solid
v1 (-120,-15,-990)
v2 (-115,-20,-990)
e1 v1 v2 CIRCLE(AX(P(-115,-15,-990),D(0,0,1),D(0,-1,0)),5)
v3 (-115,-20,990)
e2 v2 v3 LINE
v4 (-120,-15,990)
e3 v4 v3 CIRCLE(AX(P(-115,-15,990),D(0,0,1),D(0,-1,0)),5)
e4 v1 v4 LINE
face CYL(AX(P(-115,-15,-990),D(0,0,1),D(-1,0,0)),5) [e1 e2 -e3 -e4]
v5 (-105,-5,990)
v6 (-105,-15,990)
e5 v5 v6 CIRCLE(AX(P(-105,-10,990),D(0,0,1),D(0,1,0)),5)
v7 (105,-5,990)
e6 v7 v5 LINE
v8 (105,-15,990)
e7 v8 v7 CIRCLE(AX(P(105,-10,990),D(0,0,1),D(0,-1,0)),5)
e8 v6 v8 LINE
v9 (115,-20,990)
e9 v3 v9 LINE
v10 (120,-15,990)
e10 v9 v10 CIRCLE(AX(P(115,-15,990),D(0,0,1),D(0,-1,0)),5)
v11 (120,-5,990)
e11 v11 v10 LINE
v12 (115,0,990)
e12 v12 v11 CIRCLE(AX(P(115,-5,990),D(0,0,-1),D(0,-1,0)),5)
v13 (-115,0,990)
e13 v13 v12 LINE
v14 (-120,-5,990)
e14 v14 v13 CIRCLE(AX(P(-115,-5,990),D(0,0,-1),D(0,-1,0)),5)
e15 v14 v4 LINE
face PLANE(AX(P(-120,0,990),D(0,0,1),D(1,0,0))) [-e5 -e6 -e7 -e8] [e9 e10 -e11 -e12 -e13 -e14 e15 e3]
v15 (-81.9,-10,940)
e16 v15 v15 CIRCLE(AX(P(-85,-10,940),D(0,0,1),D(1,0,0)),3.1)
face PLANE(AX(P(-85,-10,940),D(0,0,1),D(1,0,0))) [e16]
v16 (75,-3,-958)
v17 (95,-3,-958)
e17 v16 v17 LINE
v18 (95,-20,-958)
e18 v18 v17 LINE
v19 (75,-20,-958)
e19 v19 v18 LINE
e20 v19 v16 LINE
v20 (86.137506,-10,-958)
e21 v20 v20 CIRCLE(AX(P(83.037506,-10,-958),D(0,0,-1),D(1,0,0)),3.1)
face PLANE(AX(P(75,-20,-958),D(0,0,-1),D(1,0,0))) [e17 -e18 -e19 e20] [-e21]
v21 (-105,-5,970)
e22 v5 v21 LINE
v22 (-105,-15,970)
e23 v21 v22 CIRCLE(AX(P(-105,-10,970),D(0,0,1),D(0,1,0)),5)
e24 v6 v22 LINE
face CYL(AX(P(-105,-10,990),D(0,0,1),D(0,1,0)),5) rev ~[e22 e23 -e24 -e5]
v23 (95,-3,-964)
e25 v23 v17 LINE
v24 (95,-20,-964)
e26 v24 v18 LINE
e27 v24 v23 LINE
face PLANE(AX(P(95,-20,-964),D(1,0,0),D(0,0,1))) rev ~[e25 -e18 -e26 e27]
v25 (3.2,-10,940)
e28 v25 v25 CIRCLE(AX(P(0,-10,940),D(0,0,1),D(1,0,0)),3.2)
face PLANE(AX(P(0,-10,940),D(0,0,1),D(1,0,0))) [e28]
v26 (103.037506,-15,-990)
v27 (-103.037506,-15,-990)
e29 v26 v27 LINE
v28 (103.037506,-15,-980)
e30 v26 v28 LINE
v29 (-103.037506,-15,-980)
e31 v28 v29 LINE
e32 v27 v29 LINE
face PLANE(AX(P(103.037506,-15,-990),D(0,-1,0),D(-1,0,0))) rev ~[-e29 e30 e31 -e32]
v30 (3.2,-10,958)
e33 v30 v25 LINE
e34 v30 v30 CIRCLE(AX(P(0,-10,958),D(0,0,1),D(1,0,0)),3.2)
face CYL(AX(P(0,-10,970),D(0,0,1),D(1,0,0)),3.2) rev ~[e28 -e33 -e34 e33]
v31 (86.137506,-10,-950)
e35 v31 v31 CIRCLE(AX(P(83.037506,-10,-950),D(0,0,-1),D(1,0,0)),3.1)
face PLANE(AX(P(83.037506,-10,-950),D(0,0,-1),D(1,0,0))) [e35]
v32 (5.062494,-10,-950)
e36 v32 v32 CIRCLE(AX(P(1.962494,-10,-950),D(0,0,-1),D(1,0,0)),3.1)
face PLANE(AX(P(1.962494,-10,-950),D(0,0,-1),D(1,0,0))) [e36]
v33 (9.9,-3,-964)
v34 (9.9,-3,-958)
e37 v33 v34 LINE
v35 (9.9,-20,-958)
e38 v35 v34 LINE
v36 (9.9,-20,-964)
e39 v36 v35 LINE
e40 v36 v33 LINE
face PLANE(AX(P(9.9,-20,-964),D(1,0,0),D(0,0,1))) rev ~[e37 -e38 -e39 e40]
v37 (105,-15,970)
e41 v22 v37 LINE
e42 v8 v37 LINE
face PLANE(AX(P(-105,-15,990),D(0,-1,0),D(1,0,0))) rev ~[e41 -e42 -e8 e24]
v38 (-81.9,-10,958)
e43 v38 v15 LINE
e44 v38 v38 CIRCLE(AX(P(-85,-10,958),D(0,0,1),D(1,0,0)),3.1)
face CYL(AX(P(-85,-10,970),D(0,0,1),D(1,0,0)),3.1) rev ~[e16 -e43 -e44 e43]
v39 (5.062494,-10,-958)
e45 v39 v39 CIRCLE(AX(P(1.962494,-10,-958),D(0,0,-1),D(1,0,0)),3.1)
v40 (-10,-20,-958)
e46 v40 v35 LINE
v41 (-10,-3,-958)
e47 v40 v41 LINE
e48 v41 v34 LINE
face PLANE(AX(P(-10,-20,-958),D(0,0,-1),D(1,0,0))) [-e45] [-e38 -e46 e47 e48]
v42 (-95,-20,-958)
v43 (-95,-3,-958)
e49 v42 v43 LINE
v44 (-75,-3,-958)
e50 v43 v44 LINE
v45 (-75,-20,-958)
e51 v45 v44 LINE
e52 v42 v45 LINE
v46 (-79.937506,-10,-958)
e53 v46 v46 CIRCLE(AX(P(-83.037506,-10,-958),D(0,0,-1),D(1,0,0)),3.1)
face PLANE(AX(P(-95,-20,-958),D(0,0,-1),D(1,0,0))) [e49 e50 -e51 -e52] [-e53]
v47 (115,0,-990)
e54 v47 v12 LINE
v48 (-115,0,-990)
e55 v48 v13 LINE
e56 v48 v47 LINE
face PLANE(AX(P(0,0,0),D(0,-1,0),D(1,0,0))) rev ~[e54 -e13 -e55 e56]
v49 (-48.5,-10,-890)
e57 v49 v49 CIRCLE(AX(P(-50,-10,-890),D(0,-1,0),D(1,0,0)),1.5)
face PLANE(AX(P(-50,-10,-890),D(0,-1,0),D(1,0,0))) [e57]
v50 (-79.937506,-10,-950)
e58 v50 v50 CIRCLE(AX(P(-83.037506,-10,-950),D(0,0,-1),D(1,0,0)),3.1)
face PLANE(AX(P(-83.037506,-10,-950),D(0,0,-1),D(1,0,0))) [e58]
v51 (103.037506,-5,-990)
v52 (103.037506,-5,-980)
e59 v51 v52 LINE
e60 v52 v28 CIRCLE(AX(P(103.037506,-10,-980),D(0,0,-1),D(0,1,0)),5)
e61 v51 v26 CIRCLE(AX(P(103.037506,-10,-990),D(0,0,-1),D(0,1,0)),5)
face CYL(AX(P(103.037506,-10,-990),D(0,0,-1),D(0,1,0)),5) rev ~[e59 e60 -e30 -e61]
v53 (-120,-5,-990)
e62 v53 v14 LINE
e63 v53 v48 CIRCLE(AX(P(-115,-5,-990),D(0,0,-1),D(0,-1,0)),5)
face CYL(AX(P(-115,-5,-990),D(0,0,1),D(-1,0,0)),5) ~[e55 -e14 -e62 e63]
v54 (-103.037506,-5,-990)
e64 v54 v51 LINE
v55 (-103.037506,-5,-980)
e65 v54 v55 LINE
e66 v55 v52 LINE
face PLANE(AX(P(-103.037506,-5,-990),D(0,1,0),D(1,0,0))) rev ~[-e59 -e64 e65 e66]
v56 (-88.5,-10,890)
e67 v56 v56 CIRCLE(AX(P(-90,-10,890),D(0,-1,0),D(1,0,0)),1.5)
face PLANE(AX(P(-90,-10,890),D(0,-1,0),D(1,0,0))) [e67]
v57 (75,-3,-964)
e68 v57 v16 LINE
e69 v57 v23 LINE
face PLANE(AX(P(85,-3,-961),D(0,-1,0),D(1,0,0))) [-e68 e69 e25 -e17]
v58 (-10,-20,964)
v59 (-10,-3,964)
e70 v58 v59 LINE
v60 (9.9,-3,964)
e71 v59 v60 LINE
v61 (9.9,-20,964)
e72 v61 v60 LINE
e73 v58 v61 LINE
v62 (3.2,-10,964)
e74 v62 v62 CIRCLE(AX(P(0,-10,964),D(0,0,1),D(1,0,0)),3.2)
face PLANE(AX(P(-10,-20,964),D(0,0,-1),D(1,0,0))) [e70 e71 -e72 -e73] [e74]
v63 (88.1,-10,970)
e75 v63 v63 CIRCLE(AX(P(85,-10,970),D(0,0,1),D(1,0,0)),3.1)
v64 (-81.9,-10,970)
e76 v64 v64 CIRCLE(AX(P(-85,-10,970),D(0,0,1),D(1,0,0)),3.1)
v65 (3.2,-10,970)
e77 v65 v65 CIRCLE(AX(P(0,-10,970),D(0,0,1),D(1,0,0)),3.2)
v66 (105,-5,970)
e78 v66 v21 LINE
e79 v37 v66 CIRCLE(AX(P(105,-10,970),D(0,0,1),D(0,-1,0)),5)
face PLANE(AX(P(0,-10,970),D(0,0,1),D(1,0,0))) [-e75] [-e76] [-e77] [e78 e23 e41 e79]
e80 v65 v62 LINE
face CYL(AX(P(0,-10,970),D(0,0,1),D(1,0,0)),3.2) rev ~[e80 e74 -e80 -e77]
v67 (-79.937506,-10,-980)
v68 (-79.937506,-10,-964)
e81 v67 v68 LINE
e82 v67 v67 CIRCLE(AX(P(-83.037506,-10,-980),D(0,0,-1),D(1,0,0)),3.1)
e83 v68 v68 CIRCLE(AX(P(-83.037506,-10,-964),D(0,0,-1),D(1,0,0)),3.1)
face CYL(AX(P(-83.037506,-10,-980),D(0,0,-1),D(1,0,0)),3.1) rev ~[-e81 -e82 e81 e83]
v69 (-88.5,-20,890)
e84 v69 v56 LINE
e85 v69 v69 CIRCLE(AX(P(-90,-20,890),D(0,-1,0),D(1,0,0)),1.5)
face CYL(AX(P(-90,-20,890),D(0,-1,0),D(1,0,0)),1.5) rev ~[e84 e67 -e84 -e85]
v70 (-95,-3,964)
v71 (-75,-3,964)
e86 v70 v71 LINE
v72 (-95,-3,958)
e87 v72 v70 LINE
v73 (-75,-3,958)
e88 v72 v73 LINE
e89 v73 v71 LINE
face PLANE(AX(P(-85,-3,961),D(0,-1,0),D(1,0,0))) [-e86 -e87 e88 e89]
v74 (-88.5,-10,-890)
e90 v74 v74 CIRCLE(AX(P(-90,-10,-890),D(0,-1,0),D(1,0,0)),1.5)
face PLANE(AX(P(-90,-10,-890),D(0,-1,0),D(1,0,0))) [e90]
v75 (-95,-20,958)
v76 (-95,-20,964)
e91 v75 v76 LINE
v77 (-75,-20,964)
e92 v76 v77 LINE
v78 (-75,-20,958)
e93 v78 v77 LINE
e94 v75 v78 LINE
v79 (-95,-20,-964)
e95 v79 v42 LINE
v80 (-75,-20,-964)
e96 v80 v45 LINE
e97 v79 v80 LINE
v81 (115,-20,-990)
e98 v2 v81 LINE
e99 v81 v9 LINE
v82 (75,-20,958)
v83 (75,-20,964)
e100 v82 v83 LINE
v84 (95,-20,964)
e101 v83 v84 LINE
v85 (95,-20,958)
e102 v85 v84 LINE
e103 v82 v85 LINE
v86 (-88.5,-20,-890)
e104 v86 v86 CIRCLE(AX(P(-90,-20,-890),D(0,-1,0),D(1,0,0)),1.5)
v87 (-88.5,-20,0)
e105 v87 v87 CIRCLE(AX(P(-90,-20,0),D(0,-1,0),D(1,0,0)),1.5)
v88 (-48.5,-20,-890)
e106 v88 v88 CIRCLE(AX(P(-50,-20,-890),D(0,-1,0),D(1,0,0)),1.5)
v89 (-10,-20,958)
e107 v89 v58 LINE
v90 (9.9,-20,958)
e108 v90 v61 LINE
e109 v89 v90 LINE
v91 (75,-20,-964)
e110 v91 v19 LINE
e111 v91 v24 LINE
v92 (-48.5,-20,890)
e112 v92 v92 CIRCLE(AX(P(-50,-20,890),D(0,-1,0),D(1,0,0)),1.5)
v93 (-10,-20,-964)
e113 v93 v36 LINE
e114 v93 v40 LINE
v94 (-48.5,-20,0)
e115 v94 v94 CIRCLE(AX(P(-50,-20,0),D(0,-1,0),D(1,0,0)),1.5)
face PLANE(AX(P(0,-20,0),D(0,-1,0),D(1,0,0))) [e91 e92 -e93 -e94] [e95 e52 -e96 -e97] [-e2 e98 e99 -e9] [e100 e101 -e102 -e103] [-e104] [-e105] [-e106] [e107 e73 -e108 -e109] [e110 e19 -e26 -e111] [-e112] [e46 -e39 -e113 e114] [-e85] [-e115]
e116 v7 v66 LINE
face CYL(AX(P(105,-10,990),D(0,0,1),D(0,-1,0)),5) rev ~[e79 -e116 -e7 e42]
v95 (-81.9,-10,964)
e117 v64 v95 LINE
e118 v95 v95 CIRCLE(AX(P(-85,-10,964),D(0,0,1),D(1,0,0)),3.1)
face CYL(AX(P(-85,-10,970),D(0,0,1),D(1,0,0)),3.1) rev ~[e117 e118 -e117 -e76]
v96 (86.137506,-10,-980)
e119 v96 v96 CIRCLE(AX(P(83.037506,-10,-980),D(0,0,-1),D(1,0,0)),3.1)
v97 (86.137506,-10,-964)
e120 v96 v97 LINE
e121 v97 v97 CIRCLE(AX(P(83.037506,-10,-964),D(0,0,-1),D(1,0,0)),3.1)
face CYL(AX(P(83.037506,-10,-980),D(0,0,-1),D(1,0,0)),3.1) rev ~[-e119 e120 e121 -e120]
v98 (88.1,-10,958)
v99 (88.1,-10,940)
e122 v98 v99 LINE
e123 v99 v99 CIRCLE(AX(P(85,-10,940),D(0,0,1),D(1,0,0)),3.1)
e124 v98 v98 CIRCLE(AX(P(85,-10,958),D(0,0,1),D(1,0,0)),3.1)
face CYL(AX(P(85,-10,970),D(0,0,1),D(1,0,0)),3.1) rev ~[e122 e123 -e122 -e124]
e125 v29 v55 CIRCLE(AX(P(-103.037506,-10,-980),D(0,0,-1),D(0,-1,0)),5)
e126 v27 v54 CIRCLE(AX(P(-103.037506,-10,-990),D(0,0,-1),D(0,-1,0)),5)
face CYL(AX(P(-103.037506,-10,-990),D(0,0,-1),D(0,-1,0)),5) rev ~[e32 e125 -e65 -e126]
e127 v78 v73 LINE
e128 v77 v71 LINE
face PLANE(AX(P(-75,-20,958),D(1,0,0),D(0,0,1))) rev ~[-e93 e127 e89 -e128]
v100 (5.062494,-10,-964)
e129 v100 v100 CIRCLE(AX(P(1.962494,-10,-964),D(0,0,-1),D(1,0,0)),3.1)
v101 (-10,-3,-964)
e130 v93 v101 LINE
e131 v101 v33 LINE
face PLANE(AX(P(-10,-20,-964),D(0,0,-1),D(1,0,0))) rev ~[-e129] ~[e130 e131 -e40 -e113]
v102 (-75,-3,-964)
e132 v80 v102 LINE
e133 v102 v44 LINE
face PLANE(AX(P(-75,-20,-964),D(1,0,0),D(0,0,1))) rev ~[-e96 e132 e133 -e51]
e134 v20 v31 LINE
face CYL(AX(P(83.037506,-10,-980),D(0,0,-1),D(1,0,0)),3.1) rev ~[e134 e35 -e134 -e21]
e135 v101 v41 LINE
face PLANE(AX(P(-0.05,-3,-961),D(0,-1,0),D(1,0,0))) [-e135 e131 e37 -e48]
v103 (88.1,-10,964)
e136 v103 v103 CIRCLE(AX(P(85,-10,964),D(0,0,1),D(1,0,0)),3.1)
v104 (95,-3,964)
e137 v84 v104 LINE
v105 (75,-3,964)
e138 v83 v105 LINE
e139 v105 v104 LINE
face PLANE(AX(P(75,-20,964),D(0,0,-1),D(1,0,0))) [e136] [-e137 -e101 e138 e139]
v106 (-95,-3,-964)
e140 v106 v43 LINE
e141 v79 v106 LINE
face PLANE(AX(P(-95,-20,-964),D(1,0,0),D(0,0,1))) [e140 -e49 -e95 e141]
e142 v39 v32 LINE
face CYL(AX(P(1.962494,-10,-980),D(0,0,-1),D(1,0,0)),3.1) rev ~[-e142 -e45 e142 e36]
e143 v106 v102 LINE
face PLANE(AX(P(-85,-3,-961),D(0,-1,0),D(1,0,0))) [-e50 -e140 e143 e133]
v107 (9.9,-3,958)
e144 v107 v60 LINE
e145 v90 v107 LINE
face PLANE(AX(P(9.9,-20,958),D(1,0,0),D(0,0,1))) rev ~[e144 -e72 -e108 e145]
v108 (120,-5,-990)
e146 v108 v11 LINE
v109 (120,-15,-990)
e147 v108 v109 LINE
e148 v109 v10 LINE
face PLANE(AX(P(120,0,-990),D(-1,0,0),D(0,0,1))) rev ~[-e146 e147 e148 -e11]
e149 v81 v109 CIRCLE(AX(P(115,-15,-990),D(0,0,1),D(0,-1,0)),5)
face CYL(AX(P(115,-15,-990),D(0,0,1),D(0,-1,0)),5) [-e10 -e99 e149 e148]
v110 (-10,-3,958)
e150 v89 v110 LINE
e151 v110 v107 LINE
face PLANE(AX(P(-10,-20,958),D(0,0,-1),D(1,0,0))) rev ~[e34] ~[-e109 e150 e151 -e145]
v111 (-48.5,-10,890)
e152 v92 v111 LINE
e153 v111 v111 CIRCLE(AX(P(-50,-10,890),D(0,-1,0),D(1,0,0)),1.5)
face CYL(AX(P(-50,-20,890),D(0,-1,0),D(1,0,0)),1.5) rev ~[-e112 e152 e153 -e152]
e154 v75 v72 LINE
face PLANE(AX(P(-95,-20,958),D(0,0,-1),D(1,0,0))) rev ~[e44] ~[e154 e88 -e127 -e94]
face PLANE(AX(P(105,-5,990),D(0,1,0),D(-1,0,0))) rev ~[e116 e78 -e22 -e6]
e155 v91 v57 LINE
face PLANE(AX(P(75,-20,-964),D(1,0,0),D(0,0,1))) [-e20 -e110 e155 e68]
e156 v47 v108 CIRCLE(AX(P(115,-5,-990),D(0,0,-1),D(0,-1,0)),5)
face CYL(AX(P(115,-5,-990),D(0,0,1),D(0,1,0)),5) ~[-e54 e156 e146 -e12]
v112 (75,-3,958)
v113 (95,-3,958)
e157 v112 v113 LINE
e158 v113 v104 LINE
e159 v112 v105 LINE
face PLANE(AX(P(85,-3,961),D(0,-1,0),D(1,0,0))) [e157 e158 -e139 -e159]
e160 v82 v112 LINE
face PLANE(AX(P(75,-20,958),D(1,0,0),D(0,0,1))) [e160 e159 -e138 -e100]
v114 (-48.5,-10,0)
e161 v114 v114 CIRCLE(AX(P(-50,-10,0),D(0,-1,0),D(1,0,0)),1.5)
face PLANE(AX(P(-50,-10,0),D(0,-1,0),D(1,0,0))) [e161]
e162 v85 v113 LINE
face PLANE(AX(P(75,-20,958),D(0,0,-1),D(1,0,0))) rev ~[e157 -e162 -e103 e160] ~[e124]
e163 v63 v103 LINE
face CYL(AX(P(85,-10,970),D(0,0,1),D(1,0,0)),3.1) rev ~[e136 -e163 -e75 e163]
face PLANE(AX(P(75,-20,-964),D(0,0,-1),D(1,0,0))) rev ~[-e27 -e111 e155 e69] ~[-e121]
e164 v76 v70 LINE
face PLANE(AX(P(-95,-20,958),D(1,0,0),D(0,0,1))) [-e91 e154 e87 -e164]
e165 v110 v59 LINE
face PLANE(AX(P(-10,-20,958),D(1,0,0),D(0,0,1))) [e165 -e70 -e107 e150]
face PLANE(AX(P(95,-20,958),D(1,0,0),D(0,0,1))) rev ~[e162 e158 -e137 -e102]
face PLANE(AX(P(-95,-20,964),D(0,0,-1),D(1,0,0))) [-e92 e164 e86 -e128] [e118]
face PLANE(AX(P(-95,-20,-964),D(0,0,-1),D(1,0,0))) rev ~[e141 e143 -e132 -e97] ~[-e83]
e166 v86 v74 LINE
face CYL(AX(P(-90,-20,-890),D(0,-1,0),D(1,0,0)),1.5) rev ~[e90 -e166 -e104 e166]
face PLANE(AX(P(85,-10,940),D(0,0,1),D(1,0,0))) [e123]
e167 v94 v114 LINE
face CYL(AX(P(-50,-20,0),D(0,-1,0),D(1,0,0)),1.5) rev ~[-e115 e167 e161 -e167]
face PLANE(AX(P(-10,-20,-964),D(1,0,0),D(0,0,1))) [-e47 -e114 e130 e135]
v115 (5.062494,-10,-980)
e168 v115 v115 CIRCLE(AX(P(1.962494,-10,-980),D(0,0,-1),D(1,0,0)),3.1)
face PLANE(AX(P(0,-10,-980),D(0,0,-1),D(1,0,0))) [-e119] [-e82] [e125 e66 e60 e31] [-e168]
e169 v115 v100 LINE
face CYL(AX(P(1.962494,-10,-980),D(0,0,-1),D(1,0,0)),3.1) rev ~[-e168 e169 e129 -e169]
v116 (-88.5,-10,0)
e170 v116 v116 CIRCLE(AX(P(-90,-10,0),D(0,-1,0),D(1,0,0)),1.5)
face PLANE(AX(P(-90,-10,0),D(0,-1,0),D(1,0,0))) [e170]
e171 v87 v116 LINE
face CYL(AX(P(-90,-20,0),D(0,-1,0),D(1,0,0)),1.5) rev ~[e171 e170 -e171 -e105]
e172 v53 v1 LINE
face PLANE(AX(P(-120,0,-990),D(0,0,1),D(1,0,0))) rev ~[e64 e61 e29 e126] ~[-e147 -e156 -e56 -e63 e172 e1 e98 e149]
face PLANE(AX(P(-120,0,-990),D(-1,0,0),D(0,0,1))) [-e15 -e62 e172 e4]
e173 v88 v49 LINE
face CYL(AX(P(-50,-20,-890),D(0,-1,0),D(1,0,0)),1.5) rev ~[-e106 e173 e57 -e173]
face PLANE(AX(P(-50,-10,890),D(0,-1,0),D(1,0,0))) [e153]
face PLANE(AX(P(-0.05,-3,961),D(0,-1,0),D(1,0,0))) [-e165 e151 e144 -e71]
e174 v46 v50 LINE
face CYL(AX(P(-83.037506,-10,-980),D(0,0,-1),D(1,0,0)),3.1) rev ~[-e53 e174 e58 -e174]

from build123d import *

# Parameters (mm, degrees)
F0_W      = 240
F0_H      = 1980
F1_DEPTH  = 20
F2_R      = 1.5
F3_DEPTH  = 10
F5_DEPTH  = 20
F7_DEPTH  = 10
F8_R      = 5
F9_R      = 3.1
F9_R_2    = 3.2
F10_DEPTH = 30
F11_R     = 3.1
F12_DEPTH = 30
F13_W     = 20
F13_H     = 6
F13_W_2   = 19.9
F14_DEPTH = 17


with BuildPart() as f1:
    # F0 (on Front) → F1 (new body)
    with BuildSketch(Plane.XZ):
        Rectangle(F0_W, F0_H)
    extrude(amount=F1_DEPTH)

    # F2 (on face) → F3 (cut)
    with BuildSketch(Plane.XZ.offset(20)):
        with Locations((-50, 890)):
            Circle(F2_R)
        with Locations((-90, 890)):
            Circle(F2_R)
        with Locations((-90, 0)):
            Circle(F2_R)
        with Locations((-50, 0)):
            Circle(F2_R)
        with Locations((-50, -890)):
            Circle(F2_R)
        with Locations((-90, -890)):
            Circle(F2_R)
    extrude(amount=-F3_DEPTH, mode=Mode.SUBTRACT)

    # F4 (on face) → F5 (cut)
    with BuildSketch(Plane.XY.offset(990)):
        with BuildLine():
            Line((105, -5), (-105, -5))
            ThreePointArc((-105, -5), (-110, -10), (-105, -15))
            Line((-105, -15), (105, -15))
            ThreePointArc((105, -15), (110, -10), (105, -5))
        make_face()
    extrude(amount=-F5_DEPTH, mode=Mode.SUBTRACT)

    # F6 (on face) → F7 (cut)
    with BuildSketch(Plane(origin=(0, 0, -990), x_dir=(1, 0, 0), z_dir=(0, 0, -1))):
        with BuildLine():
            Line((-103.037506, 5), (103.037506, 5))
            ThreePointArc((103.037506, 5), (108.037506, 10), (103.037506, 15))
            Line((103.037506, 15), (-103.037506, 15))
            ThreePointArc((-103.037506, 15), (-108.037506, 10), (-103.037506, 5))
        make_face()
    extrude(amount=-F7_DEPTH, mode=Mode.SUBTRACT)

    # F8
    f8_edges = [f1.edges().sort_by_distance(p)[0] for p in [
        (120, 0, 0),
        (120, -20, 0),
        (-120, -20, 0),
        (-120, 0, 0),
    ]]
    fillet(f8_edges, radius=F8_R)

    # F9 (on face) → F10 (cut)
    with BuildSketch(Plane.XY.offset(970)):
        with Locations((85, -10)):
            Circle(F9_R)
        with Locations((0, -10)):
            Circle(F9_R_2)
        with Locations((-85, -10)):
            Circle(F9_R)
    extrude(amount=-F10_DEPTH, mode=Mode.SUBTRACT)

    # F11 (on face) → F12 (cut)
    with BuildSketch(Plane(origin=(0, 0, -980), x_dir=(1, 0, 0), z_dir=(0, 0, -1))):
        with Locations((83.037506, 10)):
            Circle(F11_R)
        with Locations((1.962494, 10)):
            Circle(F11_R)
        with Locations((-83.037506, 10)):
            Circle(F11_R)
    extrude(amount=-F12_DEPTH, mode=Mode.SUBTRACT)

    # F13 (on face) → F14 (cut)
    with BuildSketch(Plane.XZ.offset(20)):
        with Locations((85, 961)):
            Rectangle(F13_W, F13_H)
        with Locations((-0.05, 961)):
            Rectangle(F13_W_2, F13_H)
        with Locations((-85, 961)):
            Rectangle(F13_W, F13_H)
        with Locations((-85, -961)):
            Rectangle(F13_W, F13_H)
        with Locations((-0.05, -961)):
            Rectangle(F13_W_2, F13_H)
        with Locations((85, -961)):
            Rectangle(F13_W, F13_H)
    extrude(amount=-F14_DEPTH, mode=Mode.SUBTRACT)


solid = f1.part
